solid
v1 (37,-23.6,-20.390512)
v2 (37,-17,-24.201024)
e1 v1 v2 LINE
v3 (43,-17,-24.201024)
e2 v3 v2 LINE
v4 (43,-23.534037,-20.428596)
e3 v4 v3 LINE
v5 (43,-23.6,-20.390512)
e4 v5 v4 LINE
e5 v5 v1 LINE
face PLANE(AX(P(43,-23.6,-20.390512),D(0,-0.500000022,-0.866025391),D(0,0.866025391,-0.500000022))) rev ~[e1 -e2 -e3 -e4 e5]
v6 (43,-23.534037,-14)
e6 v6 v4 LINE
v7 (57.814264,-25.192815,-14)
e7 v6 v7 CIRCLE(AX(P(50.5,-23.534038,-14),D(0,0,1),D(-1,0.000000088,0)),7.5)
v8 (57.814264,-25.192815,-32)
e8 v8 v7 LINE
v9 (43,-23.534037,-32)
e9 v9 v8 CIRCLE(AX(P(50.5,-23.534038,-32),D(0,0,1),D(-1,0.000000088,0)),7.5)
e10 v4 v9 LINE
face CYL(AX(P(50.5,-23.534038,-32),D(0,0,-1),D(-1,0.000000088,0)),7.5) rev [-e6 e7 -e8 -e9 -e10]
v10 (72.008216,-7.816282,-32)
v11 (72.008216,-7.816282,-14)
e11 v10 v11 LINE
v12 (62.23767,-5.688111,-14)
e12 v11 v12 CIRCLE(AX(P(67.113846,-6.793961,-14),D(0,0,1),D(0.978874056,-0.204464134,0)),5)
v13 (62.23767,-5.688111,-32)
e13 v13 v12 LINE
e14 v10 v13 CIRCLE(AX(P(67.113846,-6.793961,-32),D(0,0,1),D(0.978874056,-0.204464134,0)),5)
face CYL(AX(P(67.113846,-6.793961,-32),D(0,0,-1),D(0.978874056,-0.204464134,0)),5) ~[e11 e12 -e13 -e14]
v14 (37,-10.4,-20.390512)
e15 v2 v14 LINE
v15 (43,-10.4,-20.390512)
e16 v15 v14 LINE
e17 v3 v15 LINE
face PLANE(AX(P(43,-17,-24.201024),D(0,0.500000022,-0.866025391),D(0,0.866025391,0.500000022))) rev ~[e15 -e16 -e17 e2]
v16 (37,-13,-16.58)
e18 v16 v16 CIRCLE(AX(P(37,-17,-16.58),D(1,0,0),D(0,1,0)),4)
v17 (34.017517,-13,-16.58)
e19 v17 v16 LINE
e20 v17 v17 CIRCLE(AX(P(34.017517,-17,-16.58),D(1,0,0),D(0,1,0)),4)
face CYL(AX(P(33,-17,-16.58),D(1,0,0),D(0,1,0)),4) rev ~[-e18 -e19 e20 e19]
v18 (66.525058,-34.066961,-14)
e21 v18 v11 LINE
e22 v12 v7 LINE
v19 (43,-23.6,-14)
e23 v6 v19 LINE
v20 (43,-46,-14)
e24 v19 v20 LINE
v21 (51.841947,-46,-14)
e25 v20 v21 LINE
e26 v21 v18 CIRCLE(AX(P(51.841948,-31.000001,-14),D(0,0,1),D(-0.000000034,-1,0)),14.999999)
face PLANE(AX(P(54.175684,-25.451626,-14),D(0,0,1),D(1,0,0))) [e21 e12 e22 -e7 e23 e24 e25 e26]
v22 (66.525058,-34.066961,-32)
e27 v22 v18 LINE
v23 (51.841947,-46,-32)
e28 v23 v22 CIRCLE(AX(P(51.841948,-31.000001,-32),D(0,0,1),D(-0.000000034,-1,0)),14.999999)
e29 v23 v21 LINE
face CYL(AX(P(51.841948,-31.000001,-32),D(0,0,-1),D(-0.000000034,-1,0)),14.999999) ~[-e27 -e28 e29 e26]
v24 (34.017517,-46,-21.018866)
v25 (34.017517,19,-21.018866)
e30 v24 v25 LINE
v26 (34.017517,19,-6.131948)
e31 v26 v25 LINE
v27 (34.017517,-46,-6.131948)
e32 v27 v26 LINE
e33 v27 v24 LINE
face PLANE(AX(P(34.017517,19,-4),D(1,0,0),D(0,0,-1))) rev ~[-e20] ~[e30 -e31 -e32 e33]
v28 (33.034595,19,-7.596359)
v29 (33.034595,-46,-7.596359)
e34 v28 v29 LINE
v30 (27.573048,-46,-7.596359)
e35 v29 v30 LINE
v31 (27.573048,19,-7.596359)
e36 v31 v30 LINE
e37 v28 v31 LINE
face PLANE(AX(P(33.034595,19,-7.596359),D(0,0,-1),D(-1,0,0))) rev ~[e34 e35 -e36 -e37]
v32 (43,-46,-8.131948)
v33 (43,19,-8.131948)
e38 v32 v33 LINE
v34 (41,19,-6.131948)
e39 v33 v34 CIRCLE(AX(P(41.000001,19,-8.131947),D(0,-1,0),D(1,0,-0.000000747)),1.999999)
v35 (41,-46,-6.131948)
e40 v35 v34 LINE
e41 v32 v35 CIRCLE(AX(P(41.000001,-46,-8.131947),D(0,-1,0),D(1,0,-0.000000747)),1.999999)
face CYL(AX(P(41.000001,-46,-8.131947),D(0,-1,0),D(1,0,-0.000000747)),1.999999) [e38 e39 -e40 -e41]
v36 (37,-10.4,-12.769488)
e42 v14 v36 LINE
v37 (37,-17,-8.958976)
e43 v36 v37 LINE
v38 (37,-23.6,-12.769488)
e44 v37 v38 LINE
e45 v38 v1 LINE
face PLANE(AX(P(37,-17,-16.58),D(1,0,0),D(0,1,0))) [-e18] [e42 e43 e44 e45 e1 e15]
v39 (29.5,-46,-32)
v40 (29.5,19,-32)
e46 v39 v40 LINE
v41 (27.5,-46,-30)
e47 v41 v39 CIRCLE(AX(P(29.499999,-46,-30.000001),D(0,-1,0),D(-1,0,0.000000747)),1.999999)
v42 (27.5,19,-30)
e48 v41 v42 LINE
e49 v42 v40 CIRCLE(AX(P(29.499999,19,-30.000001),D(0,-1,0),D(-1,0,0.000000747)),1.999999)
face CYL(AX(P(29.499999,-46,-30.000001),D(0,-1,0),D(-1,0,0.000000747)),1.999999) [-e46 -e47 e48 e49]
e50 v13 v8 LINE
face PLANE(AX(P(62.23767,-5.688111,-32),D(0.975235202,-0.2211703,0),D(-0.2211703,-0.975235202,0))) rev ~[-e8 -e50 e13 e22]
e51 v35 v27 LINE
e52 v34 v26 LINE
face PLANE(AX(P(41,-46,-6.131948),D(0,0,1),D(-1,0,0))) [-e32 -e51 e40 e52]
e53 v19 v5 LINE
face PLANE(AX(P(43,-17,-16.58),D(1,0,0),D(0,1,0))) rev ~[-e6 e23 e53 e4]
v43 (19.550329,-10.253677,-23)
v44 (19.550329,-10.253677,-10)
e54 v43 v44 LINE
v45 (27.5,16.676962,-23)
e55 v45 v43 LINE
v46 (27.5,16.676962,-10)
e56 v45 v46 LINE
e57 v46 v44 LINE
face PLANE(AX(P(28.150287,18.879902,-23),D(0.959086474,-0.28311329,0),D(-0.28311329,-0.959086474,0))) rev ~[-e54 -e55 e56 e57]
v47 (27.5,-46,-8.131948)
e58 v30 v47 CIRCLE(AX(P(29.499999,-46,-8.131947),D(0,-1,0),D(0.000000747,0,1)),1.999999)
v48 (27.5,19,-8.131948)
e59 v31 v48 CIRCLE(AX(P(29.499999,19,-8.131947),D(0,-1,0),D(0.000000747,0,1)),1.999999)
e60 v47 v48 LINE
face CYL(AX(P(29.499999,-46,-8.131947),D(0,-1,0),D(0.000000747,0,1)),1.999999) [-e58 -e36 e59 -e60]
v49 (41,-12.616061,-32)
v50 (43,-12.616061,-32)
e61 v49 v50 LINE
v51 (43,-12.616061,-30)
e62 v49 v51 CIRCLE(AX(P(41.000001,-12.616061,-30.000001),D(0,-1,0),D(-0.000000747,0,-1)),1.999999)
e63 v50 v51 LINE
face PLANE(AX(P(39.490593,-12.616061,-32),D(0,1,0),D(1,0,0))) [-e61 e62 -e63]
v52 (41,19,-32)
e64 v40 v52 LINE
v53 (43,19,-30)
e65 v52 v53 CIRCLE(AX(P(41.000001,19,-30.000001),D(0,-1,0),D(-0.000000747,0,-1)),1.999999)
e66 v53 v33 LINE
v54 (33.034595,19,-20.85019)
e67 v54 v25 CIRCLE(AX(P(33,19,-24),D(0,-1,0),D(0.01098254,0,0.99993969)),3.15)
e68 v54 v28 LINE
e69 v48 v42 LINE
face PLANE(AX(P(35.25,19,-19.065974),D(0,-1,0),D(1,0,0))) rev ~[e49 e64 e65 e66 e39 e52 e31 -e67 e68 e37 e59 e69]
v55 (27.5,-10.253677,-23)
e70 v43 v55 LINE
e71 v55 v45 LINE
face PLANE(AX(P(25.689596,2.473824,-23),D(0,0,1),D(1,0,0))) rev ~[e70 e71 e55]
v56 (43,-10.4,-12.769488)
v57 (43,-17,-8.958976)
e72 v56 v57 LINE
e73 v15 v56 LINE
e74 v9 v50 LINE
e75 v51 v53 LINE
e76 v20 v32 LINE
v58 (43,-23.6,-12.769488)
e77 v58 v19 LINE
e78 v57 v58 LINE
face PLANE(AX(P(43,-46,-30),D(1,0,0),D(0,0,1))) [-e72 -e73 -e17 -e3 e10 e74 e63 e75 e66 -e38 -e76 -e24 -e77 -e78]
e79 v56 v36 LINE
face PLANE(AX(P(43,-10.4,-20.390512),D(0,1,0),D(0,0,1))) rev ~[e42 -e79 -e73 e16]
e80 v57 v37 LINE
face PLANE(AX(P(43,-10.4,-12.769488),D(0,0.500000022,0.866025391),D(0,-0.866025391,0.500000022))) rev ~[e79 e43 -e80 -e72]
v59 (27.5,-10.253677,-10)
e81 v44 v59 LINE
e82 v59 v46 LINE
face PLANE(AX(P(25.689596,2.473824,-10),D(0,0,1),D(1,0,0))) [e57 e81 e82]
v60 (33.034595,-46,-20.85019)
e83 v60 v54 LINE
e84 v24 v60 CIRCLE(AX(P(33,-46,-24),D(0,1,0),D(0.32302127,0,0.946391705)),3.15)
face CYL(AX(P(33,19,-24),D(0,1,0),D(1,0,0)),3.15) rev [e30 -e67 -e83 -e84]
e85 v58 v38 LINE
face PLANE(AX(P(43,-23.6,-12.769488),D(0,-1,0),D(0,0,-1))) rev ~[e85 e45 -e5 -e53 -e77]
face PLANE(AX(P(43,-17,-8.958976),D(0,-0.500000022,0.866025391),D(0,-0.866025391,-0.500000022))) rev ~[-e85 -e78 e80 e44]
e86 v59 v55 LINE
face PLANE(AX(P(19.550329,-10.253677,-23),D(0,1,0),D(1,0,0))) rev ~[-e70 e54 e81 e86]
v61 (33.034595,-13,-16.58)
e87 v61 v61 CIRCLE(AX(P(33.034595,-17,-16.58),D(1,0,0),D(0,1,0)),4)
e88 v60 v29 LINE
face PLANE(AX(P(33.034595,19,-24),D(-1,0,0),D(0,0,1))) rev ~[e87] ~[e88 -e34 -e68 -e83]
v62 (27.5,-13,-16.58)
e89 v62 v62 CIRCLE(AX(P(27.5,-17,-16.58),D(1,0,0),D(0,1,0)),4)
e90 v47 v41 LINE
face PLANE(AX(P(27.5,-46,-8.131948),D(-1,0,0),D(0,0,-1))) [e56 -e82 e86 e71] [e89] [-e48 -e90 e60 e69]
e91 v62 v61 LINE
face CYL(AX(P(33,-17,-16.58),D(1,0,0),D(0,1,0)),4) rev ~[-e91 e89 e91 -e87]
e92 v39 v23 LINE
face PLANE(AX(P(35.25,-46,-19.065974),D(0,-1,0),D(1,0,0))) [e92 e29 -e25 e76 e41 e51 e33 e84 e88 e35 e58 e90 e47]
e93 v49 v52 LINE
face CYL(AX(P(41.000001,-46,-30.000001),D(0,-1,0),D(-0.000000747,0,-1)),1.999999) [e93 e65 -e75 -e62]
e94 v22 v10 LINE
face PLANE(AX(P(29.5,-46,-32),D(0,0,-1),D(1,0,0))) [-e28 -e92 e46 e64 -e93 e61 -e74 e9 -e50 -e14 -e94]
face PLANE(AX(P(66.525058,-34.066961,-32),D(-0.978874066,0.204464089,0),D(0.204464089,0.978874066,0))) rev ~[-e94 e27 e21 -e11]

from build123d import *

# Parameters (mm, degrees)
PAD037_DEPTH    = 65
PAD038_DEPTH    = 13
SKETCH098_R     = 4
POCKET036_DEPTH = 32.5
SKETCH099_R     = 3.15
POCKET037_DEPTH = 75
POCKET038_DEPTH = 65
PAD040_DEPTH    = 18
POCKET039_DEPTH = 6


with BuildPart() as part:
    # Sketch095 → Pad037 (new body)
    with BuildSketch(Plane.XZ.offset(66)):
        with BuildLine():
            Line((8, 17.868052), (-3.5, 17.868052))
            ThreePointArc((-3.5, 17.868052), (-4.914214, 17.282266), (-5.5, 15.868052))
            Line((-5.5, 15.868052), (-5.5, -6))
            ThreePointArc((-5.5, -6), (-4.914214, -7.414214), (-3.5, -8))
            Line((-3.5, -8), (8, -8))
            ThreePointArc((8, -8), (9.414214, -7.414214), (10, -6))
            Line((10, -6), (10, 15.868052))
            ThreePointArc((10, 15.868052), (9.414214, 17.282266), (8, 17.868052))
        make_face()
    extrude(amount=-PAD037_DEPTH)

    # Sketch096 → Pad038 (join)
    with BuildSketch(Plane.XY.offset(1)):
        Polygon((-4.849713, -30.253677), (-4.849713, -1.120098), (-13.449671, -30.253677), align=None)
    extrude(amount=PAD038_DEPTH)

    # Sketch098 → Pocket036 (cut, symmetric)
    with BuildSketch(Plane(origin=(0, -37, 7.42), x_dir=(0, 1, 0), z_dir=(1, 0, 0))):
        Circle(SKETCH098_R)
    extrude(amount=POCKET036_DEPTH, both=True, mode=Mode.SUBTRACT)

    # Sketch099 → Pocket037 (cut)
    with BuildSketch(Plane.XZ.offset(1)):
        Circle(SKETCH099_R)
    extrude(amount=POCKET037_DEPTH, mode=Mode.SUBTRACT)

    # Sketch100 → Pocket038 (cut)
    with BuildSketch(Plane.XZ.offset(1)):
        Polygon((-6.320894, 20), (1.017517, 20), (1.017517, 0), (0.034595, 0), (0.034595, 16.403641), (-6.320894, 16.403641), align=None)
    extrude(amount=POCKET038_DEPTH, mode=Mode.SUBTRACT)

    # Sketch103 → Pad040 (join)
    with BuildSketch(Plane.XY.offset(-8)):
        with BuildLine():
            Line((6.490593, -32.616061), (6.490593, -66))
            Line((6.490593, -66), (18.841947, -66))
            ThreePointArc((18.841947, -66), (28.302274, -62.640542), (33.525058, -54.066961))
            Line((33.525058, -54.066961), (39.008216, -27.816282))
            ThreePointArc((39.008216, -27.816282), (35.177971, -21.90851), (29.23767, -25.688111))
            Line((29.23767, -25.688111), (24.814264, -45.192815))
            ThreePointArc((10, -43.534037), (16.665428, -50.987459), (24.814264, -45.192815))
            Line((10, -43.534037), (10, -32.616061))
            Line((6.490593, -32.616061), (10, -32.616061))
        make_face()
    extrude(amount=PAD040_DEPTH)

    # Sketch102 → Pocket039 (cut)
    with BuildSketch(Plane(origin=(10, -37, 7.42), x_dir=(0, 1, 0), z_dir=(1, 0, 0))):
        Polygon((0, 7.621024), (-6.6, 3.810512), (-6.6, -3.810512), (0, -7.621024), (6.6, -3.810512), (6.6, 3.810512), align=None)
    extrude(amount=-POCKET039_DEPTH, mode=Mode.SUBTRACT)


with BuildPart() as part_1:
    # Body022 placement: moved
    add(part.part.moved(Location((33, 20, -24))))


solid = part_1.part
